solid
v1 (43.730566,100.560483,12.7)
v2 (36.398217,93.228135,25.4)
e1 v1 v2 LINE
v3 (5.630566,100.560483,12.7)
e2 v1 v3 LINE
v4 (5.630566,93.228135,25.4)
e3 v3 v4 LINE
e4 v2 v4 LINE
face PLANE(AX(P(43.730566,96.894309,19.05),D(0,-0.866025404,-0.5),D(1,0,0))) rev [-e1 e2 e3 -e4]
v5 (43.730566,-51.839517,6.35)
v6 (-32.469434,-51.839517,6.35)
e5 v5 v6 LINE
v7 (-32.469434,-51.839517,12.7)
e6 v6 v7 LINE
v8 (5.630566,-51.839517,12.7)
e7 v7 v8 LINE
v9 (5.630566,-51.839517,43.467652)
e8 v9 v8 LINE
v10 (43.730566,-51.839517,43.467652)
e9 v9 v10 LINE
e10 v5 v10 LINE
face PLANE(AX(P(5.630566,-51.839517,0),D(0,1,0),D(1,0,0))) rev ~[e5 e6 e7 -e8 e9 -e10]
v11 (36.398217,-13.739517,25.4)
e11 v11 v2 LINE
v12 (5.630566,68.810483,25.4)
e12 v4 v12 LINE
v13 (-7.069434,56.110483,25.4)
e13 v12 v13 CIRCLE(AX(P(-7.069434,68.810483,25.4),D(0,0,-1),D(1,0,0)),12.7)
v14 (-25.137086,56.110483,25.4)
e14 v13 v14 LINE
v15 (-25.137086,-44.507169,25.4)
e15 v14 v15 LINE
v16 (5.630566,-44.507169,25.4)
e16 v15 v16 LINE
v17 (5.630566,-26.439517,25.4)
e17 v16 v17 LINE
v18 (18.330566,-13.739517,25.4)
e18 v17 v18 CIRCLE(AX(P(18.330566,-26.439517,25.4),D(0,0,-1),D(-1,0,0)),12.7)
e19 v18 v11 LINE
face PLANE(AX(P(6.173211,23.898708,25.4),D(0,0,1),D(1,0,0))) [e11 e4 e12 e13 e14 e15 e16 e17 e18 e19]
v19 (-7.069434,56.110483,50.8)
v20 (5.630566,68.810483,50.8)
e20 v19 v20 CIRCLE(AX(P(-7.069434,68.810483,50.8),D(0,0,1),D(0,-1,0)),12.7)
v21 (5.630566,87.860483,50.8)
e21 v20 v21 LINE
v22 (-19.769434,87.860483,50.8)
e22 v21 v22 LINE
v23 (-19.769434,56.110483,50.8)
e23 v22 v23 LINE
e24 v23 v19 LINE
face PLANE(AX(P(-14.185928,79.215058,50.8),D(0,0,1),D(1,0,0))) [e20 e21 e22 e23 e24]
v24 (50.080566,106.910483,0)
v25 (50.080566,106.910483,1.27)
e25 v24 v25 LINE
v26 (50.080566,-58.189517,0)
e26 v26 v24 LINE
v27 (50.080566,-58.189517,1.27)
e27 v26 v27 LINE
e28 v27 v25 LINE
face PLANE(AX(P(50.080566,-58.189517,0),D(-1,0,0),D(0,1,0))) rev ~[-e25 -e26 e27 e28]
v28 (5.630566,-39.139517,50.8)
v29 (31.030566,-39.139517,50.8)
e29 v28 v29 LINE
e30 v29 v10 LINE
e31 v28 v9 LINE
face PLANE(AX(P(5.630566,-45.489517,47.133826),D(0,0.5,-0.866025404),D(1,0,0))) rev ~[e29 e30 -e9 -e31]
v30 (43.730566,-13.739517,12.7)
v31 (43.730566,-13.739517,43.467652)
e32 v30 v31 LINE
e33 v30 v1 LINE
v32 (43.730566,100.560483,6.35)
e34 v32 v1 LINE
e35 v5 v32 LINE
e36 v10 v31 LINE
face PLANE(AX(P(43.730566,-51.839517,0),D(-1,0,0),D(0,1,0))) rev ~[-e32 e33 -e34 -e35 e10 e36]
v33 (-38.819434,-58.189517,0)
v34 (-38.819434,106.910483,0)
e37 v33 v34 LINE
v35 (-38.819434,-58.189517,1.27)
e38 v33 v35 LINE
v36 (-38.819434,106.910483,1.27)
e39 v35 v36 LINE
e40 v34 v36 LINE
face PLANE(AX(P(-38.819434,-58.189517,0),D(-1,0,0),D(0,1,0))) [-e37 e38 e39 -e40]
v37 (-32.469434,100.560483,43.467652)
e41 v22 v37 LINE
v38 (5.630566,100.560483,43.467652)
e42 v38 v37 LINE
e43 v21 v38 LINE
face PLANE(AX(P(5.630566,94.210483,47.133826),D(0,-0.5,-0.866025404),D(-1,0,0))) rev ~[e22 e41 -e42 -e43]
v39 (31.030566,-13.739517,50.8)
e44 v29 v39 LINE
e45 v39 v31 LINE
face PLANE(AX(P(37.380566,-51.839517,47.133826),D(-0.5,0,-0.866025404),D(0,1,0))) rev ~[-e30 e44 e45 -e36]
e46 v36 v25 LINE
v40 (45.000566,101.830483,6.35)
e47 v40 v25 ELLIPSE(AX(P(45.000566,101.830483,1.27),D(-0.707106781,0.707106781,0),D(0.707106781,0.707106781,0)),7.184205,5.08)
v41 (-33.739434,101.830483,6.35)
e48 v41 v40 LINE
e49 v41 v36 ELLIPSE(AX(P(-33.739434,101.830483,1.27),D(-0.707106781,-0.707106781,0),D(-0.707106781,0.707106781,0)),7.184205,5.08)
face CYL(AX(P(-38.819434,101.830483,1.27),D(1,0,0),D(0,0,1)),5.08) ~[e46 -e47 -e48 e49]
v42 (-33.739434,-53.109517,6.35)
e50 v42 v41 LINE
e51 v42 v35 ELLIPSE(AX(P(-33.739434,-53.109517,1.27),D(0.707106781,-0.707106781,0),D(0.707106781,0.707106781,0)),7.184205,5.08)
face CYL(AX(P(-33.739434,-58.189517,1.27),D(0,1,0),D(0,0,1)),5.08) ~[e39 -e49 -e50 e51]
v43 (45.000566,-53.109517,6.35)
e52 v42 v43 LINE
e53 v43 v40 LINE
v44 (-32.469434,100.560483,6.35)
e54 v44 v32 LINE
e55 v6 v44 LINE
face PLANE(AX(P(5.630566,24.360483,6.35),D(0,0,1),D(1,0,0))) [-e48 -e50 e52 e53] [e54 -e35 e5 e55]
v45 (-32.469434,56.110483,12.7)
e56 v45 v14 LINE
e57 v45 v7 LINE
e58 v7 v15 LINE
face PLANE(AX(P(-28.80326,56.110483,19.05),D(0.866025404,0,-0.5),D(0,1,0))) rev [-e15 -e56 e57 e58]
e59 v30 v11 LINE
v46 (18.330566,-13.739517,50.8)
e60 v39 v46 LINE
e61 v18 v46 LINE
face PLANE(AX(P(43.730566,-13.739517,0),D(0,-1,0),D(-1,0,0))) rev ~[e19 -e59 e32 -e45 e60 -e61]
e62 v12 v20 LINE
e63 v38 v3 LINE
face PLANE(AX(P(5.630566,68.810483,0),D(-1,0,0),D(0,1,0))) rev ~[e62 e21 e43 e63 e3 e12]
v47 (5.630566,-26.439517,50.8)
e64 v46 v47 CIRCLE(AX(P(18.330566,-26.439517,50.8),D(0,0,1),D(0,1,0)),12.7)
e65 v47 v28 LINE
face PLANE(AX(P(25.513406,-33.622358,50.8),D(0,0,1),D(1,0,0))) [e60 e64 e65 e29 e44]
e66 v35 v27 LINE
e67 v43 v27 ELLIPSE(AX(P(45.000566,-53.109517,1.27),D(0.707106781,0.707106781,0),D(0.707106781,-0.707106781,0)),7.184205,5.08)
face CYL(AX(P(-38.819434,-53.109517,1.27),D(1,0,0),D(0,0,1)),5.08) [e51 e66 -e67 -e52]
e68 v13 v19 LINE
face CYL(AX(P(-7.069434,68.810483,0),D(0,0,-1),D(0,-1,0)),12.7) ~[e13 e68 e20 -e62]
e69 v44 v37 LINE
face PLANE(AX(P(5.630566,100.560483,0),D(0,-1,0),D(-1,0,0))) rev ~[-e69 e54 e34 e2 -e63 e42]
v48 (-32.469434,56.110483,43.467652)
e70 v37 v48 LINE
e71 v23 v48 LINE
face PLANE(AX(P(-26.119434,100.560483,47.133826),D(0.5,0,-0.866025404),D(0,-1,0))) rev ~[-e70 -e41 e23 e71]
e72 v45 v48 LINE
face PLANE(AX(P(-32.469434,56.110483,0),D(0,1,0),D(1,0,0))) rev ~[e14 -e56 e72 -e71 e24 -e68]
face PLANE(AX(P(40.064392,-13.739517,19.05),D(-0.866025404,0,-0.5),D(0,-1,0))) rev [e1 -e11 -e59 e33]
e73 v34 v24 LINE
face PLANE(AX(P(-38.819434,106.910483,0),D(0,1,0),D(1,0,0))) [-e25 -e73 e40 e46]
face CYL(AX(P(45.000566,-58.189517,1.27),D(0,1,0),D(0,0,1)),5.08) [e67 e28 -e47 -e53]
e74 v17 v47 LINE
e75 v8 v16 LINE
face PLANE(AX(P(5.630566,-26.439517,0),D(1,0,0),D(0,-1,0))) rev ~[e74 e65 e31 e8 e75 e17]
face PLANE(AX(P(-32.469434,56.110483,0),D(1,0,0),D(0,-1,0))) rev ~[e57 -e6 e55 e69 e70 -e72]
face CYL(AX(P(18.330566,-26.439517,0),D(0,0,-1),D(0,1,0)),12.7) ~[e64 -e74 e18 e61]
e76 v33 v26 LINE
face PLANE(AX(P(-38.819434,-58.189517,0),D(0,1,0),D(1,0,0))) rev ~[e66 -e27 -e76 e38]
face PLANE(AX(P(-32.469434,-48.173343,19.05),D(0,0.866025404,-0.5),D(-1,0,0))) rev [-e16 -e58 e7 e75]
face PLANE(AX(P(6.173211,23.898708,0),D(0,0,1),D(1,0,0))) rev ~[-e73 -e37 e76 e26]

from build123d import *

# Parameters (mm, degrees)
F0_W     = 88.9
F0_H     = 165.1
F1_DEPTH = 6.35
F2_DEPTH = 25.4
F3_DEPTH = 50.8
F4_R     = 5.08
F5_SIZE2 = 7.3323484187
F5_SIZE  = 12.7
F6_SIZE2 = 7.3323484187
F6_SIZE  = 12.7
F7_SIZE2 = 7.3323484187
F7_SIZE  = 12.7


with BuildPart() as f1:
    # F0 (on Top) → F1 (new body)
    with BuildSketch(Plane.XY):
        with Locations((5.6305658072, 24.3604830414)):
            Rectangle(F0_W, F0_H)
        Polygon((-32.4694341928, 56.1104830414), (-32.4694341928, 100.5604830414), (5.6305658072, 100.5604830414), (43.7305658072, 100.5604830414), (43.7305658072, -13.7395169586), (43.7305658072, -51.8395169586), (5.6305658072, -51.8395169586), (-32.4694341928, -51.8395169586), align=None, mode=Mode.SUBTRACT)
    extrude(amount=F1_DEPTH)

    # F0 (on Top) → F2 (join)
    with BuildSketch(Plane.XY):
        with BuildLine():
            Line((43.7305658072, 100.5604830414), (5.6305658072, 100.5604830414))
            Line((5.6305658072, 100.5604830414), (5.6305658072, 68.8104830414))
            ThreePointArc((5.6305658072, 68.8104830414), (1.9108219283, 59.8302269203), (-7.0694341928, 56.1104830414))
            Line((-7.0694341928, 56.1104830414), (-32.4694341928, 56.1104830414))
            Line((-32.4694341928, 56.1104830414), (-32.4694341928, -51.8395169586))
            Line((-32.4694341928, -51.8395169586), (5.6305658072, -51.8395169586))
            Line((5.6305658072, -51.8395169586), (5.6305658072, -26.4395169586))
            ThreePointArc((5.6305658072, -26.4395169586), (9.3503096862, -17.4592608375), (18.3305658072, -13.7395169586))
            Line((18.3305658072, -13.7395169586), (43.7305658072, -13.7395169586))
            Line((43.7305658072, -13.7395169586), (43.7305658072, 100.5604830414))
        make_face()
    extrude(amount=F2_DEPTH)

    # F0 (on Top) → F3 (join)
    with BuildSketch(Plane.XY):
        with BuildLine():
            Line((43.7305658072, -51.8395169586), (43.7305658072, -13.7395169586))
            Line((43.7305658072, -13.7395169586), (18.3305658072, -13.7395169586))
            ThreePointArc((18.3305658072, -13.7395169586), (9.3503096862, -17.4592608375), (5.6305658072, -26.4395169586))
            Line((5.6305658072, -26.4395169586), (5.6305658072, -51.8395169586))
            Line((5.6305658072, -51.8395169586), (43.7305658072, -51.8395169586))
        make_face()
        with BuildLine():
            Line((5.6305658072, 100.5604830414), (-32.4694341928, 100.5604830414))
            Line((-32.4694341928, 100.5604830414), (-32.4694341928, 56.1104830414))
            Line((-32.4694341928, 56.1104830414), (-7.0694341928, 56.1104830414))
            ThreePointArc((-7.0694341928, 56.1104830414), (1.9108219283, 59.8302269203), (5.6305658072, 68.8104830414))
            Line((5.6305658072, 68.8104830414), (5.6305658072, 100.5604830414))
        make_face()
    extrude(amount=F3_DEPTH)

    # F4
    f4_edges = [f1.edges().sort_by_distance(p)[0] for p in [
        (-38.819434, 24.360483, 6.35),
        (5.630566, -58.189517, 6.35),
        (50.080566, 24.360483, 6.35),
        (5.630566, 106.910483, 6.35),
    ]]
    fillet(f4_edges, radius=F4_R)

    # F5
    f5_edges = [f1.edges().sort_by_distance(p)[0] for p in [
        (43.730566, 43.410483, 25.4),
        (24.680566, 100.560483, 25.4),
        (-32.469434, 2.135483, 25.4),
        (-13.419434, -51.839517, 25.4),
    ]]
    chamfer(f5_edges, length=F5_SIZE, length2=F5_SIZE2)

    # F6
    f6_edges = [f1.edges().sort_by_distance(p)[0] for p in [
        (24.680566, -51.839517, 50.8),
        (43.730566, -32.789517, 50.8),
    ]]
    f6_side = f1.faces().sort_by_distance((25.076608, -33.185559, 50.8))[0]
    chamfer(f6_edges, length=F6_SIZE, length2=F6_SIZE2, reference=f6_side)

    # F7
    f7_edges = [f1.edges().sort_by_distance(p)[0] for p in [
        (-32.469434, 78.335483, 50.8),
        (-13.419434, 100.560483, 50.8),
    ]]
    f7_side = f1.faces().sort_by_distance((-13.757718, 78.740013, 50.8))[0]
    chamfer(f7_edges, length=F7_SIZE, length2=F7_SIZE2, reference=f7_side)


solid = f1.part
